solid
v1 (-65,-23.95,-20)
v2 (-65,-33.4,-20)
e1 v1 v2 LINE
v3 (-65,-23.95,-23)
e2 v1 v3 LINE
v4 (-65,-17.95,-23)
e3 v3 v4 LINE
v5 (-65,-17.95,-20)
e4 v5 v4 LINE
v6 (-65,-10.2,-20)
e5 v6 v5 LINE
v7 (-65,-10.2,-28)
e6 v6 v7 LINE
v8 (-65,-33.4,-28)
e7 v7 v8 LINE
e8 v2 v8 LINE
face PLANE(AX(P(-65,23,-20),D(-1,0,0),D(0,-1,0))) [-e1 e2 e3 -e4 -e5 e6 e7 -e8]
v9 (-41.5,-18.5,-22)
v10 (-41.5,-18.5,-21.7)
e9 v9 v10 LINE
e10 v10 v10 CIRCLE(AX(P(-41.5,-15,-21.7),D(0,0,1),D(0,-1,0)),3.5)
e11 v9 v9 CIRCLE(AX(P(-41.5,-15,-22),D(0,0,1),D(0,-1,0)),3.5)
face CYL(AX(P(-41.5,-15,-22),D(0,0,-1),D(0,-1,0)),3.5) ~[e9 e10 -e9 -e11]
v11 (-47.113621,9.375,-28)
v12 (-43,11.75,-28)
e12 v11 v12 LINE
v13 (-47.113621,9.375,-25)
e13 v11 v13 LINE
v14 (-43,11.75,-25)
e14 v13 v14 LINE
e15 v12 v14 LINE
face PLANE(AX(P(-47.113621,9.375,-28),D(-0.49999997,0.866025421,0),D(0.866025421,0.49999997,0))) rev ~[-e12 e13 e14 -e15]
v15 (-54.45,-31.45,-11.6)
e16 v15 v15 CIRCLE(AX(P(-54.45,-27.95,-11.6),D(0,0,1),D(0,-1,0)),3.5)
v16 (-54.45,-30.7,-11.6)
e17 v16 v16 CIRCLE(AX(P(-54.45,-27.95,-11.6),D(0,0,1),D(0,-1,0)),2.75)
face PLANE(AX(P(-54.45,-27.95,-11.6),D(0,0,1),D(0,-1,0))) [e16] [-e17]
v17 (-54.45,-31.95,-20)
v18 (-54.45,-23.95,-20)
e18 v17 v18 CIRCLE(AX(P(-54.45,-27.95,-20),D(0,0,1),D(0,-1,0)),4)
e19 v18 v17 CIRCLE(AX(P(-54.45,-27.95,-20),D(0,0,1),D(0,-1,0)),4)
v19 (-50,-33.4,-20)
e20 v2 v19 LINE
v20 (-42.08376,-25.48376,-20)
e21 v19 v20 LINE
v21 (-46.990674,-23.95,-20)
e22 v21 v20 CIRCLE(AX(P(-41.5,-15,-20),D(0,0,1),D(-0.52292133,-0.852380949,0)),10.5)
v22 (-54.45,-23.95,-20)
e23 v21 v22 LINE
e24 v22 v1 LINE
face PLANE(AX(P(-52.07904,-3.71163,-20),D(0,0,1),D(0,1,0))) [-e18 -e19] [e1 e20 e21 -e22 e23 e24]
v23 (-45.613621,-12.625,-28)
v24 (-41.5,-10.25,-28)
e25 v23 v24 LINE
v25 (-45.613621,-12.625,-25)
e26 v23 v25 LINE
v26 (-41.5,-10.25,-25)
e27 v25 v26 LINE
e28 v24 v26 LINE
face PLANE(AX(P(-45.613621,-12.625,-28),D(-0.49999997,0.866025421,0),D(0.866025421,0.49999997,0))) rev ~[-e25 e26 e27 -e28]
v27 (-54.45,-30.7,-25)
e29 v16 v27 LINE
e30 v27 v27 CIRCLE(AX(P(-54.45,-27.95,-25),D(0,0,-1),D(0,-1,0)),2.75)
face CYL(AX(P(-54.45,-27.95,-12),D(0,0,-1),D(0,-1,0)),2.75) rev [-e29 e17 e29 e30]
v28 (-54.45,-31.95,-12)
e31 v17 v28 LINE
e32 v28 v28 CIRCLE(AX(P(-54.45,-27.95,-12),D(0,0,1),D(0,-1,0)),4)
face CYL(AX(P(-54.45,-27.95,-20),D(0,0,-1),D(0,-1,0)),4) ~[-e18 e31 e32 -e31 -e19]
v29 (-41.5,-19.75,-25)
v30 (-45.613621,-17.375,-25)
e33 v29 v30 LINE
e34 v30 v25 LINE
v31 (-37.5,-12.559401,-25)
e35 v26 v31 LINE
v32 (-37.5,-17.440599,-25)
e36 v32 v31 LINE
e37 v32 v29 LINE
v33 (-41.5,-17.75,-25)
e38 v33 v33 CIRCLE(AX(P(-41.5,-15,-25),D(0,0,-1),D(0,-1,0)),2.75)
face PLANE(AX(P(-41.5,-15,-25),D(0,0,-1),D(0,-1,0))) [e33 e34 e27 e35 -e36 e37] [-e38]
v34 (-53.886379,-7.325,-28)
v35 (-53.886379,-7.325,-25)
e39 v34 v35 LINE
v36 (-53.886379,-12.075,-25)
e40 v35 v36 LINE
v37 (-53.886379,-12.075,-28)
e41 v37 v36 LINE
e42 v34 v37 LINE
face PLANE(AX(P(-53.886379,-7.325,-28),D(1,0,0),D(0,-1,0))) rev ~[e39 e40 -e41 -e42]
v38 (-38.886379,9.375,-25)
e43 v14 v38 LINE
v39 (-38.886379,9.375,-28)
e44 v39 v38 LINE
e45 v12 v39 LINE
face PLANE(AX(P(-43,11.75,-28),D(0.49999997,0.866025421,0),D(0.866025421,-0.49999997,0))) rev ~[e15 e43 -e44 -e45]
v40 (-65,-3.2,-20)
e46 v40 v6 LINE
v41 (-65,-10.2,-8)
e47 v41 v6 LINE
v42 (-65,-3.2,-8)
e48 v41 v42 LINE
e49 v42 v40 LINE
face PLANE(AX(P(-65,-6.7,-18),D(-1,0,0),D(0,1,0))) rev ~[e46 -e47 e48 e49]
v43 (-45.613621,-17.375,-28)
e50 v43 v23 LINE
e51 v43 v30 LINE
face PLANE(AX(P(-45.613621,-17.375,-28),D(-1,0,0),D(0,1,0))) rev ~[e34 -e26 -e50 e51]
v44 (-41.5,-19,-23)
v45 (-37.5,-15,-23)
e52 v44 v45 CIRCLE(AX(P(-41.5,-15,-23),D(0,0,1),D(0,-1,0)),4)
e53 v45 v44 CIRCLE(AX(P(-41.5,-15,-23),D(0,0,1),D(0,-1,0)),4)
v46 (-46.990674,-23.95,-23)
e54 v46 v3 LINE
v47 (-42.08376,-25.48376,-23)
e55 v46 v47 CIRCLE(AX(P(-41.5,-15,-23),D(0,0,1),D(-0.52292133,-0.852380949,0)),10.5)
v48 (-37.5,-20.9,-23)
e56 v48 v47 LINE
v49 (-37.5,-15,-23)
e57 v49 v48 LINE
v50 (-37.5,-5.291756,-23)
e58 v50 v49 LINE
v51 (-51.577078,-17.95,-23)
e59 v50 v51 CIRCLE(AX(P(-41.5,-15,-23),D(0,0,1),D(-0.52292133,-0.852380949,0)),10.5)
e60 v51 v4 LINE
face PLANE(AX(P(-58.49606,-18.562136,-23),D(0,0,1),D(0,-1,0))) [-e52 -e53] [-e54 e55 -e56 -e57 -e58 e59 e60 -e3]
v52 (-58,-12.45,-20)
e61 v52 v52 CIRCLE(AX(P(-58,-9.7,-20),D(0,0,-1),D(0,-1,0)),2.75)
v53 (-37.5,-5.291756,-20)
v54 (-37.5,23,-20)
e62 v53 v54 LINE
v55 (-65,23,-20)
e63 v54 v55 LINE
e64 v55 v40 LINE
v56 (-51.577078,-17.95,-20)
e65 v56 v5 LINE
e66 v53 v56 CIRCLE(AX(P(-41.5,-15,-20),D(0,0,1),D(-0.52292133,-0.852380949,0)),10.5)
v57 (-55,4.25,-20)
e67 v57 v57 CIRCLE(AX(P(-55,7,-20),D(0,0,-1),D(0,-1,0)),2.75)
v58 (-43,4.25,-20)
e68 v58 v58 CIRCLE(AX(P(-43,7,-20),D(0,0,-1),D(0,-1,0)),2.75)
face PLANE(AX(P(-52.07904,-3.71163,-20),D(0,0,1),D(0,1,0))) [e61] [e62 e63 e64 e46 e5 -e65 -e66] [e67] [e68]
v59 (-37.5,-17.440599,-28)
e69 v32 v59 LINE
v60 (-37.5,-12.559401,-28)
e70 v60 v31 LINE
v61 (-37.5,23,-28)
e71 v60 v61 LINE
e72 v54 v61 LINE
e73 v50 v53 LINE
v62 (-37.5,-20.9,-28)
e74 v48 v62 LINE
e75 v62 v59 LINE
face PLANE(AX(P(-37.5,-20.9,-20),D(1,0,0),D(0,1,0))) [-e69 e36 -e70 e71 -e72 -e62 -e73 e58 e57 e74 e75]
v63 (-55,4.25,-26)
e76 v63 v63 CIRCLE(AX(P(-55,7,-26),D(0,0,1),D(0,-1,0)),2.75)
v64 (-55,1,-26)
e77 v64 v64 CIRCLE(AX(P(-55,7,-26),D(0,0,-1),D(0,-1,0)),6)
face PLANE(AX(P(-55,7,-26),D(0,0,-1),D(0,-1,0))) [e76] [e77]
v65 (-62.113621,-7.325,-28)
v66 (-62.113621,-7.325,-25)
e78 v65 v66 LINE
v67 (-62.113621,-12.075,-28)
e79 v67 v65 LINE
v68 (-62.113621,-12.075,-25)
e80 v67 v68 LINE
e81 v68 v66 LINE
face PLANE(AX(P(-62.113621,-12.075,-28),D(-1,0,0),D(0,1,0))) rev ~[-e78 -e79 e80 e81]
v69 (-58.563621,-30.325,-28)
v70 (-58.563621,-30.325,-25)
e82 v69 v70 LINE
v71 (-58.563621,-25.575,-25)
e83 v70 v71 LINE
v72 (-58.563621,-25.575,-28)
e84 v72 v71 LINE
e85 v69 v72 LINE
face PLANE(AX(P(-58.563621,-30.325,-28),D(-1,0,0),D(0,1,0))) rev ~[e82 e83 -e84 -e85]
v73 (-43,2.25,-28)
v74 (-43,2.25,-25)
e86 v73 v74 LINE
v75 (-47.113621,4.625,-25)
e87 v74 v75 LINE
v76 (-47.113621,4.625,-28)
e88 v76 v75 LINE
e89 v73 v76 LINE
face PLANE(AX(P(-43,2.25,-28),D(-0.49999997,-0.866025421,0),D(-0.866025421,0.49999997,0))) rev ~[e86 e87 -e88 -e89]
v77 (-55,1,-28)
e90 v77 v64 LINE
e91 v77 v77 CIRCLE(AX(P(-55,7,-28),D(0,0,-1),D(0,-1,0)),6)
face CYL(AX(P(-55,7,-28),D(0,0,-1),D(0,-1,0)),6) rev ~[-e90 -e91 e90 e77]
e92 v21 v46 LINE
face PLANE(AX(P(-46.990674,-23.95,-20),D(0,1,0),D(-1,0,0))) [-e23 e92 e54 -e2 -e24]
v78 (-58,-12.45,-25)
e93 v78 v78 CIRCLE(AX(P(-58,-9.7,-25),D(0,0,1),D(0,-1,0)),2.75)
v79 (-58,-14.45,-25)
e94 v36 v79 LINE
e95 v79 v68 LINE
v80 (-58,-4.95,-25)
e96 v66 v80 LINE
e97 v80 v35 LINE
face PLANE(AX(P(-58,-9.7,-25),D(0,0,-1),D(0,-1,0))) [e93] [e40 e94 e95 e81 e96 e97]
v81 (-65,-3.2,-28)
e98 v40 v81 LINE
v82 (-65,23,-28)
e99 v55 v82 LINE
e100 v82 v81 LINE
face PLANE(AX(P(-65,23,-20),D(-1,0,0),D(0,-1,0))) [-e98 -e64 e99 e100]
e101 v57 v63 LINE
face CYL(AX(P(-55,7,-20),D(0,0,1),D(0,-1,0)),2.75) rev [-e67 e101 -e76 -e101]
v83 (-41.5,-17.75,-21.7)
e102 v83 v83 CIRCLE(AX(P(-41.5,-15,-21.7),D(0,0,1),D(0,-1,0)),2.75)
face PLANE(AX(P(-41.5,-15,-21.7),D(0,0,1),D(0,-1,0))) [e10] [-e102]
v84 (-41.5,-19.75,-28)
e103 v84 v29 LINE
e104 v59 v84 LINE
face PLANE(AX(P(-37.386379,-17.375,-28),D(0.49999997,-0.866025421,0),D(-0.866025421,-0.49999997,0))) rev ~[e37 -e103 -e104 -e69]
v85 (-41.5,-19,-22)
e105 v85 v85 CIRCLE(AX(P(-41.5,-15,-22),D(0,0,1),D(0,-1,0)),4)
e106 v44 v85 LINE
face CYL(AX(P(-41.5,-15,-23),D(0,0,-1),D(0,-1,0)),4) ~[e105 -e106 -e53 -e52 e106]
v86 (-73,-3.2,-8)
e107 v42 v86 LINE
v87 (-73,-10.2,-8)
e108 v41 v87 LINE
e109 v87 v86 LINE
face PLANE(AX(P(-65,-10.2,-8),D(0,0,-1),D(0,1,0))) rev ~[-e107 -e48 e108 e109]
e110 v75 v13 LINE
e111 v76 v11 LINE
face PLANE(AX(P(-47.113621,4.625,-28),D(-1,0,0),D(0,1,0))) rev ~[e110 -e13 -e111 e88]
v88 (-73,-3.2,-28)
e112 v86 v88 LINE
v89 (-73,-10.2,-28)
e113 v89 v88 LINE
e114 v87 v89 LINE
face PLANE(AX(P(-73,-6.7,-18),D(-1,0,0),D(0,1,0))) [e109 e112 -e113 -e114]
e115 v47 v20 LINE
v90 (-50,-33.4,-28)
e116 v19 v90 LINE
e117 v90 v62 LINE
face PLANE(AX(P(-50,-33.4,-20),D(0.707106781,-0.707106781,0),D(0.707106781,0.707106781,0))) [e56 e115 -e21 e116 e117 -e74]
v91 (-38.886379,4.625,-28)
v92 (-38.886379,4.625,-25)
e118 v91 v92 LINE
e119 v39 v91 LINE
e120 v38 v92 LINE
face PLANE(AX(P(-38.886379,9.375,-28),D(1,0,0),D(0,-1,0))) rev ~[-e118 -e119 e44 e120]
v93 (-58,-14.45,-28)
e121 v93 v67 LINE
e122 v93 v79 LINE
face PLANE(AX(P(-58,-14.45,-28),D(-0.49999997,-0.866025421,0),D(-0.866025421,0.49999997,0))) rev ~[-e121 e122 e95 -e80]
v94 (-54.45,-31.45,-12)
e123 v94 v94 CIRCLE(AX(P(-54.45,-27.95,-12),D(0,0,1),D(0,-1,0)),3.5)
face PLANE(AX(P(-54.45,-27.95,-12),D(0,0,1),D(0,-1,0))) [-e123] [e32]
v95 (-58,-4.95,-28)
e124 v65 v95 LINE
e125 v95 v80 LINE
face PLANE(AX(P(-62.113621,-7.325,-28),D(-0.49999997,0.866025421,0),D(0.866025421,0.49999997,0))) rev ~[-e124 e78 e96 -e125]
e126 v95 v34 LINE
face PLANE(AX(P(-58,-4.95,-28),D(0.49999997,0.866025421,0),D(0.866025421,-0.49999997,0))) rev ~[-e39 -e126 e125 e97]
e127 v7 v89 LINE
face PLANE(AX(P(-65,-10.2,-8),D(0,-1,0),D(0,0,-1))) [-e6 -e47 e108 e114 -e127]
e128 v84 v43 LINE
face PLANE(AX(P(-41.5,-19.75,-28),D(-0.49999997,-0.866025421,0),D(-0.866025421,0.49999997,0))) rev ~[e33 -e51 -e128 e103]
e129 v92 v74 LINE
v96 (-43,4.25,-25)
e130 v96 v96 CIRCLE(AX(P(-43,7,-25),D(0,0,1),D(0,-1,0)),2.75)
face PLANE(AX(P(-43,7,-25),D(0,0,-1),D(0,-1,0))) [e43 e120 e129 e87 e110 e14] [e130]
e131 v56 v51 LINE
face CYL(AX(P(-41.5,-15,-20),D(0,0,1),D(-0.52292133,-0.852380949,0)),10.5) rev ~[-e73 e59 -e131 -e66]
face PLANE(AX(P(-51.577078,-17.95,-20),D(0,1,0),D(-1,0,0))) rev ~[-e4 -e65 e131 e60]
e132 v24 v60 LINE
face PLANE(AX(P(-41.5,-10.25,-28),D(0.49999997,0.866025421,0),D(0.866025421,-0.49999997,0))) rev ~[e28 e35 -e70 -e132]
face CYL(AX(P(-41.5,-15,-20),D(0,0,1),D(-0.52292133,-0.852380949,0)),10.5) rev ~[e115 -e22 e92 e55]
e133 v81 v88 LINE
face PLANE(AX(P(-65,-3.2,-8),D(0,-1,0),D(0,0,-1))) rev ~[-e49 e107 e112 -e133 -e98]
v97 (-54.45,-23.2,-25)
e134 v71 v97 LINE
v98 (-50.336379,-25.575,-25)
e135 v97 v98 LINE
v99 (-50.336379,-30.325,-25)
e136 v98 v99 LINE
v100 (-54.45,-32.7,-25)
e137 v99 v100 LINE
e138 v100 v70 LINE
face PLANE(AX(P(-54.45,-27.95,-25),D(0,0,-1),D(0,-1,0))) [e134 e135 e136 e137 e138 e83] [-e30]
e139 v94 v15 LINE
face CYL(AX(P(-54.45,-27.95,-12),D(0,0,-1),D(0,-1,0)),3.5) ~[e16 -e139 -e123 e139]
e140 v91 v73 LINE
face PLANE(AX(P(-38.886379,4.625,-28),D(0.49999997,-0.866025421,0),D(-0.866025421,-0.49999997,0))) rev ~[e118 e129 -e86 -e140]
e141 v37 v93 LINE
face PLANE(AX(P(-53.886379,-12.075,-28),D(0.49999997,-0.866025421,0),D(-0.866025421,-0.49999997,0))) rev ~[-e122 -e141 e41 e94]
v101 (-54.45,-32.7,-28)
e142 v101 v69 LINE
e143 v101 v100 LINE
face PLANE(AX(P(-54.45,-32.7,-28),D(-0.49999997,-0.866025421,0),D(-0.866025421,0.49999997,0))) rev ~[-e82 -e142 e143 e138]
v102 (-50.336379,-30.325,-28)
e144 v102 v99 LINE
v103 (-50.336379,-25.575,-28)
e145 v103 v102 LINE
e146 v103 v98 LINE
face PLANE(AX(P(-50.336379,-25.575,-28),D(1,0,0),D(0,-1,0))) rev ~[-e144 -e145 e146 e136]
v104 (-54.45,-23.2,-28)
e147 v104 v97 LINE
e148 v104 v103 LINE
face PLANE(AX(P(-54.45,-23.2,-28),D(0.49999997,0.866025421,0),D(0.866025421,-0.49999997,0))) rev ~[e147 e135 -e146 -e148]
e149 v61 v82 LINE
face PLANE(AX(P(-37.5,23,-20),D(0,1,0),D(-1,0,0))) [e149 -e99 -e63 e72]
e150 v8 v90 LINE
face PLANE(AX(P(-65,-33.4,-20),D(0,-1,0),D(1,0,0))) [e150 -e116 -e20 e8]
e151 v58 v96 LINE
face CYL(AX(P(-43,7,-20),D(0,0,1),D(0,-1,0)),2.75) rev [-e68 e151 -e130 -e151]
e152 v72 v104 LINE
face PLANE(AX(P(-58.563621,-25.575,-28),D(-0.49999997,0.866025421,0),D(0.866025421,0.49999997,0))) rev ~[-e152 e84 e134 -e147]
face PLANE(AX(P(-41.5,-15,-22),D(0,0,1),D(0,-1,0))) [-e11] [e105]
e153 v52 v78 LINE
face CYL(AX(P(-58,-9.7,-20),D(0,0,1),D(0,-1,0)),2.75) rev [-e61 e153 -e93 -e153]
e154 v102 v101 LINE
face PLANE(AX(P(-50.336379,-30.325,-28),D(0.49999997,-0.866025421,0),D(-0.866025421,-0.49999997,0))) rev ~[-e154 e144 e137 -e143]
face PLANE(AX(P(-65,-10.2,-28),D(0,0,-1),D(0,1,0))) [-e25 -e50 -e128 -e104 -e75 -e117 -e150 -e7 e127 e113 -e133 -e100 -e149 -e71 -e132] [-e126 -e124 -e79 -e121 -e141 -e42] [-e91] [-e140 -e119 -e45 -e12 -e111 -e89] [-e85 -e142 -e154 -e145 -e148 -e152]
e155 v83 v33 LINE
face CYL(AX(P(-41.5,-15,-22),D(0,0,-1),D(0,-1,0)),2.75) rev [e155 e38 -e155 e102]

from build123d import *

# Parameters (mm, degrees)
SKETCH007_R             = 2.75
PAD004_DEPTH            = 8
POCKET003_DEPTH         = 3
SKETCH022_R             = 4
SKETCH022_R_2           = 2.75
PAD015_DEPTH            = 1
SKETCH023_R             = 3.5
SKETCH023_R_2           = 2.75
PAD016_DEPTH            = 0.3
SKETCH024_R             = 4
SKETCH024_R_2           = 2.75
PAD017_DEPTH            = 8
SKETCH025_R             = 3.5
SKETCH025_R_2           = 2.75
PAD018_DEPTH            = 0.4
SKETCH026_R             = 6
POCKET005_DEPTH         = 2
POCKET006_DEPTH         = 3
SKETCH028_W             = 7
SKETCH028_H             = 20
PAD019_DEPTH            = 8
BODY001_ROLL_ANGLE      = 180
BODY001_PLACEMENT_ANGLE = -90


with BuildPart() as part:
    # Sketch007 → Pad004 (new body)
    with BuildSketch(Plane.XY):
        Polygon((0, 27.5), (56.4, 27.5), (56.4, 12.5), (43.9, 0), (0, 0), align=None)
        with Locations((16, 17.5)):
            Circle(SKETCH007_R, mode=Mode.SUBTRACT)
        with Locations((16, 5.5)):
            Circle(SKETCH007_R, mode=Mode.SUBTRACT)
        with Locations((32.7, 20.5)):
            Circle(SKETCH007_R, mode=Mode.SUBTRACT)
        with Locations((38, 4)):
            Circle(SKETCH007_R, mode=Mode.SUBTRACT)
        with Locations((50.95, 16.95)):
            Circle(SKETCH007_R, mode=Mode.SUBTRACT)
    extrude(amount=PAD004_DEPTH)

    # Sketch012 (on Face11 of Pad004) → Pocket003 (cut)
    with BuildSketch(Plane(origin=(0, 0, 0), x_dir=(1, 0, 0), z_dir=(0, 0, -1))):
        with BuildLine():
            ThreePointArc((46.95, -9.490674), (31.623381, 4.341986), (40.95, -14.077078))
            Line((40.95, -14.077078), (40.95, -49.490674))
            Line((40.95, -49.490674), (46.95, -49.490674))
            Line((46.95, -9.490674), (46.95, -49.490674))
        make_face()
    extrude(amount=-POCKET003_DEPTH, mode=Mode.SUBTRACT)

    # Sketch022 (on Face2 of Pocket003) → Pad015 (join)
    with BuildSketch(Plane(origin=(0, 0, 3), x_dir=(1, 0, 0), z_dir=(0, 0, -1))):
        with Locations((38, -4)):
            Circle(SKETCH022_R)
        with Locations((38, -4)):
            Circle(SKETCH022_R_2, mode=Mode.SUBTRACT)
    extrude(amount=PAD015_DEPTH)

    # Sketch023 (on Face19 of Pad015) → Pad016 (join)
    with BuildSketch(Plane(origin=(0, 0, 2), x_dir=(1, 0, 0), z_dir=(0, 0, -1))):
        with Locations((38, -4)):
            Circle(SKETCH023_R)
        with Locations((38, -4)):
            Circle(SKETCH023_R_2, mode=Mode.SUBTRACT)
    extrude(amount=PAD016_DEPTH)

    # Sketch024 (on Face18 of Pad016) → Pad017 (join)
    with BuildSketch(Plane(origin=(0, 0, 0), x_dir=(1, 0, 0), z_dir=(0, 0, -1))):
        with Locations((50.95, -16.95)):
            Circle(SKETCH024_R)
        with Locations((50.95, -16.95)):
            Circle(SKETCH024_R_2, mode=Mode.SUBTRACT)
    extrude(amount=PAD017_DEPTH)

    # Sketch025 (on Face23 of Pad017) → Pad018 (join)
    with BuildSketch(Plane(origin=(0, 0, -8), x_dir=(1, 0, 0), z_dir=(0, 0, -1))):
        with Locations((50.95, -16.95)):
            Circle(SKETCH025_R)
        with Locations((50.95, -16.95)):
            Circle(SKETCH025_R_2, mode=Mode.SUBTRACT)
    extrude(amount=PAD018_DEPTH)

    # Sketch026 (on Face6 of Pad018) → Pocket005 (cut)
    with BuildSketch(Plane.XY.offset(8)):
        with Locations((16, 17.5)):
            Circle(SKETCH026_R)
    extrude(amount=-POCKET005_DEPTH, mode=Mode.SUBTRACT)

    # Sketch027 (on Face6 of Pocket005) → Pocket006 (cut)
    with BuildSketch(Plane.XY.offset(8)):
        Polygon((20.75, 5.5), (18.375, 9.613621), (13.625, 9.613621), (11.25, 5.5), (13.625, 1.386379), (18.375, 1.386379), align=None)
        Polygon((37.45, 20.5), (35.075, 24.613621), (30.325, 24.613621), (27.95, 20.5), (30.325, 16.386379), (35.075, 16.386379), align=None)
        Polygon((42.75, 4), (40.375, 8.113621), (35.625, 8.113621), (33.25, 4), (35.625, -0.113621), (40.375, -0.113621), align=None)
        Polygon((55.7, 16.95), (53.325, 21.063621), (48.575, 21.063621), (46.2, 16.95), (48.575, 12.836379), (53.325, 12.836379), align=None)
    extrude(amount=-POCKET006_DEPTH, mode=Mode.SUBTRACT)

    # Sketch028 (on Face12 of Pocket006) → Pad019 (join)
    with BuildSketch(Plane(origin=(0, 27.5, 0), x_dir=(-1, 0, 0), z_dir=(0, 1, 0))):
        with Locations((-29.7, -2)):
            Rectangle(SKETCH028_W, SKETCH028_H)
    extrude(amount=PAD019_DEPTH)


with BuildPart() as part_1:
    # Body001 roll: moved
    add(part.part.rotate(Axis((0, 0, 0), (1, 0, 0)), BODY001_ROLL_ANGLE))


with BuildPart() as part_2:
    # Body001 placement: moved
    add(part_1.part.moved(Location((-37.5, 23, -20))).rotate(Axis((-37.5, 23, -20), (0, 0, 1)), BODY001_PLACEMENT_ANGLE))


solid = part_2.part
